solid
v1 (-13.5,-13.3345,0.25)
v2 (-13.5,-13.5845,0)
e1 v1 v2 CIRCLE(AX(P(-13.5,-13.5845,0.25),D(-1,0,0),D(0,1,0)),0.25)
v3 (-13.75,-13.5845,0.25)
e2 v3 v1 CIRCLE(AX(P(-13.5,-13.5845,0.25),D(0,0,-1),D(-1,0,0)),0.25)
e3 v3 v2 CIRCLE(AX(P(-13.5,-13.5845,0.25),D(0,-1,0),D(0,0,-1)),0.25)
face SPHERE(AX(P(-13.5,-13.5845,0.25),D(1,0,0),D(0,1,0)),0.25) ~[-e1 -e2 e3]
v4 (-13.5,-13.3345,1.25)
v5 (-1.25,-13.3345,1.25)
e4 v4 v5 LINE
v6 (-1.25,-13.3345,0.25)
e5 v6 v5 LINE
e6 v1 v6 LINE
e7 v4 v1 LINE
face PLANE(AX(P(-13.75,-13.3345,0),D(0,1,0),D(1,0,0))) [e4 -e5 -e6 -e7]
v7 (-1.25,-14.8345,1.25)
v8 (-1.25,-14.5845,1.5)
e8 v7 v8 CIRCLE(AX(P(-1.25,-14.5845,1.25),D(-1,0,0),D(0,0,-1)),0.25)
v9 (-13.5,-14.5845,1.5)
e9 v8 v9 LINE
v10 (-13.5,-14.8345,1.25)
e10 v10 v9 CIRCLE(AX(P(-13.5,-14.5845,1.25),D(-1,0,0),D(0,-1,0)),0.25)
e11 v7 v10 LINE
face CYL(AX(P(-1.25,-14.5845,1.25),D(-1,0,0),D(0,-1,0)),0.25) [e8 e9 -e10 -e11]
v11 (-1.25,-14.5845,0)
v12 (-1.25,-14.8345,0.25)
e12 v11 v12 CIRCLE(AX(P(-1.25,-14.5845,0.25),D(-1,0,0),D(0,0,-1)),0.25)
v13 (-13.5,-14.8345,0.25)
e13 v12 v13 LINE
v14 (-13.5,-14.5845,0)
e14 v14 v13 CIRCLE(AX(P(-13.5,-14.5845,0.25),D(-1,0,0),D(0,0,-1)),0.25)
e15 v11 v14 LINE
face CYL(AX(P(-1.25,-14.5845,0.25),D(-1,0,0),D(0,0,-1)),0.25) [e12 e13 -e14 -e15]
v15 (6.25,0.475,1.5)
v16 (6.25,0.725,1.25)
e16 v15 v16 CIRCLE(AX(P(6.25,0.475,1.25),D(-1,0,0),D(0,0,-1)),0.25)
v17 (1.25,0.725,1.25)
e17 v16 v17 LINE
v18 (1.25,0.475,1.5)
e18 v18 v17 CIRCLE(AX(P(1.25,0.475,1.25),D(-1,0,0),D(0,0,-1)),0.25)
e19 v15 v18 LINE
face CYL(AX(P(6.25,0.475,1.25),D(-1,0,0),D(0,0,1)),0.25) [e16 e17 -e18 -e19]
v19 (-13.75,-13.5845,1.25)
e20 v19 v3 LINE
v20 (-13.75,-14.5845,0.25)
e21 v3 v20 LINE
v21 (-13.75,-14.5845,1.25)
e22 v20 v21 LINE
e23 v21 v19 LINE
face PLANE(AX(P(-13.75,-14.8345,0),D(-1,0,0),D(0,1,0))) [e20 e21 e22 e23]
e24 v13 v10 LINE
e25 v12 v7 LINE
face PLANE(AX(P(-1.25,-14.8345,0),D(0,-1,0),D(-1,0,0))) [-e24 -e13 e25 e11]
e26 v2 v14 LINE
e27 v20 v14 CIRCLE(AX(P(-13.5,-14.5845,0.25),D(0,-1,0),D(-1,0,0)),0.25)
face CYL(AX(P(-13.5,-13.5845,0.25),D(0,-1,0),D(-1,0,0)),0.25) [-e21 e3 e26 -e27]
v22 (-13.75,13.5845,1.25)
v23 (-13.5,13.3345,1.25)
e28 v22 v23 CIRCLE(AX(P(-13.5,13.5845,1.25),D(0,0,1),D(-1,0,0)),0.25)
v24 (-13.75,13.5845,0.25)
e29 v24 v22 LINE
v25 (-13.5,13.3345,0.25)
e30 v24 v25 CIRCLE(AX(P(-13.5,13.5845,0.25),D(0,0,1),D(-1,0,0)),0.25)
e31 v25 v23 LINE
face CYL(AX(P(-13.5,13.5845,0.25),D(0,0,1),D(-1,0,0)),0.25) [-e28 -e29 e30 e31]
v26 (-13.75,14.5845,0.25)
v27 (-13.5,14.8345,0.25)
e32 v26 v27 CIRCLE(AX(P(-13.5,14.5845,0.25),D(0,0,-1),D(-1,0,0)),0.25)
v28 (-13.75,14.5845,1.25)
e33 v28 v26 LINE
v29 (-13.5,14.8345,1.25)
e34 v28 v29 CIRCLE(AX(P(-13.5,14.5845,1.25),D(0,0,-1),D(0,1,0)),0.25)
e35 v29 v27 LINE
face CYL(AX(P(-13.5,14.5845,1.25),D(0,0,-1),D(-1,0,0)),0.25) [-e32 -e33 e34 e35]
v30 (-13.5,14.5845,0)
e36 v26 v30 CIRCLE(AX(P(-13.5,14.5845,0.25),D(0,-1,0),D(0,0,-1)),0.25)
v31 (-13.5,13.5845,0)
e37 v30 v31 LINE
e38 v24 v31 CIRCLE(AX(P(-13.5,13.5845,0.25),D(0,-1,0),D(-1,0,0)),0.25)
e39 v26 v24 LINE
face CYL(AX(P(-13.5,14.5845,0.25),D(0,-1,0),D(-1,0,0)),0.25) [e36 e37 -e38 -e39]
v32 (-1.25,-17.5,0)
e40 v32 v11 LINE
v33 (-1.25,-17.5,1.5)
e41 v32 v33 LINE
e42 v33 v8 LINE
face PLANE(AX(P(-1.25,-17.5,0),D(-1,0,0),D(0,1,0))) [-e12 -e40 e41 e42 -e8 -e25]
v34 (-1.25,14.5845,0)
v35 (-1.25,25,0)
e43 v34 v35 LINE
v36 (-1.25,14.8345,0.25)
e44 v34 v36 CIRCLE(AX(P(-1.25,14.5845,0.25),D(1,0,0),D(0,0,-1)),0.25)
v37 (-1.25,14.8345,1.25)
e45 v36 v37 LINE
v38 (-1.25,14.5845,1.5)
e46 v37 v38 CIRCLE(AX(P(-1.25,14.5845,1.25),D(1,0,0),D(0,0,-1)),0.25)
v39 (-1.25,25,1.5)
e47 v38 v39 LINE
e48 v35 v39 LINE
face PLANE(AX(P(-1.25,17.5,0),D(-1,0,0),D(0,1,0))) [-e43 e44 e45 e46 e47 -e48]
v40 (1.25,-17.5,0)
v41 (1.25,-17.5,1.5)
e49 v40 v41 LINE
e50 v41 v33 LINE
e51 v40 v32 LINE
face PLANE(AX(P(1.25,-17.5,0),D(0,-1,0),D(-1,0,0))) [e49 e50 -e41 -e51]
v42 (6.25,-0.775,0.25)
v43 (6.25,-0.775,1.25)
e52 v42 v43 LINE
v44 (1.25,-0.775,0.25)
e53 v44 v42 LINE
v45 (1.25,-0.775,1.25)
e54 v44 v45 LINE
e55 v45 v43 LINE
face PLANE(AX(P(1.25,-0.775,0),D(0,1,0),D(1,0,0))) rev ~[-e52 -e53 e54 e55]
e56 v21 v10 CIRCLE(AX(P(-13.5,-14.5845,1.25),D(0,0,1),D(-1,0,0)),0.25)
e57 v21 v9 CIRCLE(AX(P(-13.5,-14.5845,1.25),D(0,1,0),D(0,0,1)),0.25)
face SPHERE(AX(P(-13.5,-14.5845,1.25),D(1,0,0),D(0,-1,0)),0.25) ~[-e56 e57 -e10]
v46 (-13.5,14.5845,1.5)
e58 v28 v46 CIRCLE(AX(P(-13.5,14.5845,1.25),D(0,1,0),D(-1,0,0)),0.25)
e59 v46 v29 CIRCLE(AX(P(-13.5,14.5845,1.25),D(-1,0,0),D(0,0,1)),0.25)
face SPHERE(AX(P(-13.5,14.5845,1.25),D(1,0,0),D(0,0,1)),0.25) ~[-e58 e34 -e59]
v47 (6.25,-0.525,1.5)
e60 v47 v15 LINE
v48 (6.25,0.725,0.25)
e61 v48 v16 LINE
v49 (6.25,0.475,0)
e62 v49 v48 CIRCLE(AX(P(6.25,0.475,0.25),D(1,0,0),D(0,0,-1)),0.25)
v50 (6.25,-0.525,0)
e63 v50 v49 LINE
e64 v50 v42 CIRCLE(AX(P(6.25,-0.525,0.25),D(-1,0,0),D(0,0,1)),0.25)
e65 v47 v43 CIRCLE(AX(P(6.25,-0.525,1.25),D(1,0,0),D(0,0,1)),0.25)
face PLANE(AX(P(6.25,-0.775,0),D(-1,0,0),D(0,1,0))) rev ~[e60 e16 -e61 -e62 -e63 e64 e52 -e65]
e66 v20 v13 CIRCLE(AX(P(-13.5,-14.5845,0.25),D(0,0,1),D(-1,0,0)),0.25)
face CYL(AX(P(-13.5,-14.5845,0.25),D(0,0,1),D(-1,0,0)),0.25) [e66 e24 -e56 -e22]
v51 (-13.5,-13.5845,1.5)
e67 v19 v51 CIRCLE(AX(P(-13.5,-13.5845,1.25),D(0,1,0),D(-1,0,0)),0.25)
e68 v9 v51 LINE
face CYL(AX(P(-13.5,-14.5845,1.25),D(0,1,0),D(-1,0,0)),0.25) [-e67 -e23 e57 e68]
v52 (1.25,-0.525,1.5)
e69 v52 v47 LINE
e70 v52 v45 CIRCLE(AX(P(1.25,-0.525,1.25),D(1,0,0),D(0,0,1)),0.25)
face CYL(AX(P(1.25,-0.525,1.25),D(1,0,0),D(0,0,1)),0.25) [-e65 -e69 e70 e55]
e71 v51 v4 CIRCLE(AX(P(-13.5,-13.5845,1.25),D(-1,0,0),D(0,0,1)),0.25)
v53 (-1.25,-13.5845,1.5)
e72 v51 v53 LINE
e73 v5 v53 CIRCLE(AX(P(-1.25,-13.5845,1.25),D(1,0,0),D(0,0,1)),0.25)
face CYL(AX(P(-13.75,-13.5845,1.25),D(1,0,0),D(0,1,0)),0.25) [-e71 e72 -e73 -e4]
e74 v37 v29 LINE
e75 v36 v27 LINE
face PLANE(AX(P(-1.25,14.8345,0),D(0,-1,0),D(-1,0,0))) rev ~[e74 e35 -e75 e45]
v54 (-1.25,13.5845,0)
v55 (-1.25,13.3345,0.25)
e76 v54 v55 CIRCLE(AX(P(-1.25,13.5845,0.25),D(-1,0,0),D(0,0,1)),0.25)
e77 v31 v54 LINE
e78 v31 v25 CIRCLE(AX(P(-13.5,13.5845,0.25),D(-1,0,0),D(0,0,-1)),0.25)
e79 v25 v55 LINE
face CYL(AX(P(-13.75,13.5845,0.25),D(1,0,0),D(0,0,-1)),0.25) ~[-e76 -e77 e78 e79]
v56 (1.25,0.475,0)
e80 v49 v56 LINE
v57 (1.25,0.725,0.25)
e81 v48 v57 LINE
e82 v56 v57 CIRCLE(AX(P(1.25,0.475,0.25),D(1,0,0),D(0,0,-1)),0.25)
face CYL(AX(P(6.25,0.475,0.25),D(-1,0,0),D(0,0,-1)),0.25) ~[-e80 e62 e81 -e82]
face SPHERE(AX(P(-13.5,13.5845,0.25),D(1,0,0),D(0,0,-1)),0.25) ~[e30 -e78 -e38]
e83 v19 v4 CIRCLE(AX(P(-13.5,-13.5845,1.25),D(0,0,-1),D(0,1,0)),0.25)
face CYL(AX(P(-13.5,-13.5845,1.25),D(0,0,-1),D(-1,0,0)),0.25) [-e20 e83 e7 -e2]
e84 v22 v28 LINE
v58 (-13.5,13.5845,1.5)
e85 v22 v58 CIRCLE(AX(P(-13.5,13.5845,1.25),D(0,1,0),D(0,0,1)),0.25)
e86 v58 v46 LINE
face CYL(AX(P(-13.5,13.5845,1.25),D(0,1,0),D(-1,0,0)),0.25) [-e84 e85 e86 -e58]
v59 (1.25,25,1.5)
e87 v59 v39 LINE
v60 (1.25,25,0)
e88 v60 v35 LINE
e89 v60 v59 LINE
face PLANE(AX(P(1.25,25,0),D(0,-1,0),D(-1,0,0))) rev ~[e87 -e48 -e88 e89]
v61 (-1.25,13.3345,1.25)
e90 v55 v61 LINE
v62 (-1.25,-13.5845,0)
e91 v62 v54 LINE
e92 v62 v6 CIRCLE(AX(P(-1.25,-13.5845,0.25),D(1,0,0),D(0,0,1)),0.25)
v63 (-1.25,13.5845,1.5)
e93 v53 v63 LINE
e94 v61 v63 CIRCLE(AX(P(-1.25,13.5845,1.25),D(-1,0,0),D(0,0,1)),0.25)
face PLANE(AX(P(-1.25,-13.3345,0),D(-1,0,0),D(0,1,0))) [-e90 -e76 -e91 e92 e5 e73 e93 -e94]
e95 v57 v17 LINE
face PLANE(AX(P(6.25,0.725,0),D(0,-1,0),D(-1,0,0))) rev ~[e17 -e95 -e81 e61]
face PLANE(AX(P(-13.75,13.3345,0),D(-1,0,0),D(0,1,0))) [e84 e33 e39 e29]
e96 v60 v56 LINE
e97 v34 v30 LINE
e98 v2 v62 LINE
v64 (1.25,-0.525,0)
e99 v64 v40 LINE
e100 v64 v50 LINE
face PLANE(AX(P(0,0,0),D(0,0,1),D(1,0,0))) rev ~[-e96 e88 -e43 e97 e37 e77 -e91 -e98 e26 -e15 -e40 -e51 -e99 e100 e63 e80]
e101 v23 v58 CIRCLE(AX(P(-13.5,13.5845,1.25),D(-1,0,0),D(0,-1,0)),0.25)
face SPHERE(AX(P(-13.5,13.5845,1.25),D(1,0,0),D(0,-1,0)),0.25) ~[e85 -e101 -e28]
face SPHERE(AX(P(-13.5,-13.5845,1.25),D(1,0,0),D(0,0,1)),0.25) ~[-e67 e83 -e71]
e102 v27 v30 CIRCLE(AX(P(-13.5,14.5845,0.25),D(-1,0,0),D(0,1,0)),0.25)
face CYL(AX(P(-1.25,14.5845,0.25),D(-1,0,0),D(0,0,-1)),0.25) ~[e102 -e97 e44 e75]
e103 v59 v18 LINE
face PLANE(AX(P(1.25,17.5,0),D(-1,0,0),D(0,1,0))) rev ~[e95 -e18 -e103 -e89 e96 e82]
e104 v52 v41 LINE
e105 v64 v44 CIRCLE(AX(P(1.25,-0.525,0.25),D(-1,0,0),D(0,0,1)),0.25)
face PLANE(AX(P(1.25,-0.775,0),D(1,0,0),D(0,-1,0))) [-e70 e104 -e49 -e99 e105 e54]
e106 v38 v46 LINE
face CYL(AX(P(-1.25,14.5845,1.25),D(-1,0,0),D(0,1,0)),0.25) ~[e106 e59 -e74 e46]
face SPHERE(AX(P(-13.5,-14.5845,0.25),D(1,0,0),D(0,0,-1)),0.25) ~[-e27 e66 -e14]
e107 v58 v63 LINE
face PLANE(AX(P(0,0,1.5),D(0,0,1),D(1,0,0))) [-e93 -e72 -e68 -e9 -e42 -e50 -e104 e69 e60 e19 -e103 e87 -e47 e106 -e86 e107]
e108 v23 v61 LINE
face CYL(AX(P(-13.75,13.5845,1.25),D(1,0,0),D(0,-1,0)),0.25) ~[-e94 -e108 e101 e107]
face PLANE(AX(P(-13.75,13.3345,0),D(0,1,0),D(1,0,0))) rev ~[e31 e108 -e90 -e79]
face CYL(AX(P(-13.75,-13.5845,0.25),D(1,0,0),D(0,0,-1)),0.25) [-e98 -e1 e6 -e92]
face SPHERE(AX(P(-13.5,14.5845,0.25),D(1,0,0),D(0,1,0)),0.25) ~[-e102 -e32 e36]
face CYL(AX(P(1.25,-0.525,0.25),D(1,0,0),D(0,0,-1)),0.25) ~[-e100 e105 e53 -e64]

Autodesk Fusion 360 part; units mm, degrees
sketch "Sketch1" plane through (0, 0, 0) normal (0, 0, 1) x (1, 0, 0)
  line L0 (-1.25, 17.5) -> (1.25, 17.5)
  line L1 (1.25, 17.5) -> (1.25, -17.5)
  line L2 (1.25, -17.5) -> (-1.25, -17.5)
  line L3 (-1.25, -17.5) -> (-1.25, 17.5)
  line L4 (-1.25, 17.5) -> (1.25, -17.5) construction
  line L5 (1.25, 17.5) -> (-1.25, -17.5) construction
  line L6 (0, 0) -> (0, -14.0845) construction
  line L7 (-1.25, -14.8345) -> (-13.75, -14.8345)
  line L8 (-13.75, -14.8345) -> (-13.75, -13.3345)
  line L9 (-13.75, -13.3345) -> (-1.25, -13.3345)
  line L10 (1.25, -0.775) -> (6.25, -0.775)
  line L11 (6.25, -0.775) -> (6.25, 0.725)
  line L12 (6.25, 0.725) -> (1.25, 0.725)
  line L13 (0, -14.0845) -> (-12.5, -14.0845) construction
  line L14 (0, 0) -> (-10.5, 0) construction
  line L15 (-13.75, 13.3345) -> (-1.25, 13.3345)
  line L16 (-1.25, 14.8345) -> (-13.75, 14.8345)
  line L17 (-13.75, 13.3345) -> (-13.75, 14.8345)
  line L18 (-1.25, 17.5) -> (-1.25, 25)
  line L19 (1.25, 17.5) -> (1.25, 25)
  line L20 (1.25, 25) -> (-1.25, 25)
  dimension "d1" = 35
  dimension "d2" = 14.0845
  dimension "d3" = 0.75
  dimension "d4" = 1.5
  dimension "d5" = 12.5
  dimension "d6" = 1.5
  dimension "d7" = 0.775
  dimension "d8" = 5
  dimension "d9" = 2.5
  dimension "d10" = 12.5
  dimension "d19" = 7.5
  dimension "d20" = 7.5
extrude "Extrude1" add sketch "Sketch1" along normal blind 1.5
fillet "Fillet1" radius 0.25 4 edges at (3.75, -0.775, 1.5) (3.75, -0.775, 0) (3.75, 0.725, 0) (3.75, 0.725, 1.5)
fillet "Fillet2" radius 0.25 4 edges at (-7.5, -14.8345, 1.5) (-7.5, -13.3345, 1.5) (-7.5, -13.3345, 0) (-7.5, -14.8345, 0)
fillet "Fillet3" radius 0.25 4 edges at (-7.5, 14.8345, 1.5) (-7.5, 13.3345, 1.5) (-7.5, 14.8345, 0) (-7.5, 13.3345, 0)
fillet "Fillet4" radius 0.25 16 edges at (-13.75, -14.8345, 0.75) (-13.75, -14.7613, 0.0732) (-13.75, -14.0845, 0) (-13.75, -13.4077, 0.0732) (-13.75, -13.3345, 0.75) (-13.75, -13.4077, 1.4268) (-13.75, -14.0845, 1.5) (-13.75, -14.7613, 1.4268) (-13.75, 13.3345, 0.75) (-13.75, 13.4077, 0.0732) (-13.75, 14.0845, 0) (-13.75, 14.7613, 0.0732) (-13.75, 14.8345, 0.75) (-13.75, 14.7613, 1.4268) (-13.75, 14.0845, 1.5) (-13.75, 13.4077, 1.4268)
equation "d2 = ( 28.169 / 2 ) * 1 mm"
equation "d3 = ( 1.5 / 2 ) * 1 mm"
equation "d7 = ( 1.55 / 2 ) * 1 mm"
